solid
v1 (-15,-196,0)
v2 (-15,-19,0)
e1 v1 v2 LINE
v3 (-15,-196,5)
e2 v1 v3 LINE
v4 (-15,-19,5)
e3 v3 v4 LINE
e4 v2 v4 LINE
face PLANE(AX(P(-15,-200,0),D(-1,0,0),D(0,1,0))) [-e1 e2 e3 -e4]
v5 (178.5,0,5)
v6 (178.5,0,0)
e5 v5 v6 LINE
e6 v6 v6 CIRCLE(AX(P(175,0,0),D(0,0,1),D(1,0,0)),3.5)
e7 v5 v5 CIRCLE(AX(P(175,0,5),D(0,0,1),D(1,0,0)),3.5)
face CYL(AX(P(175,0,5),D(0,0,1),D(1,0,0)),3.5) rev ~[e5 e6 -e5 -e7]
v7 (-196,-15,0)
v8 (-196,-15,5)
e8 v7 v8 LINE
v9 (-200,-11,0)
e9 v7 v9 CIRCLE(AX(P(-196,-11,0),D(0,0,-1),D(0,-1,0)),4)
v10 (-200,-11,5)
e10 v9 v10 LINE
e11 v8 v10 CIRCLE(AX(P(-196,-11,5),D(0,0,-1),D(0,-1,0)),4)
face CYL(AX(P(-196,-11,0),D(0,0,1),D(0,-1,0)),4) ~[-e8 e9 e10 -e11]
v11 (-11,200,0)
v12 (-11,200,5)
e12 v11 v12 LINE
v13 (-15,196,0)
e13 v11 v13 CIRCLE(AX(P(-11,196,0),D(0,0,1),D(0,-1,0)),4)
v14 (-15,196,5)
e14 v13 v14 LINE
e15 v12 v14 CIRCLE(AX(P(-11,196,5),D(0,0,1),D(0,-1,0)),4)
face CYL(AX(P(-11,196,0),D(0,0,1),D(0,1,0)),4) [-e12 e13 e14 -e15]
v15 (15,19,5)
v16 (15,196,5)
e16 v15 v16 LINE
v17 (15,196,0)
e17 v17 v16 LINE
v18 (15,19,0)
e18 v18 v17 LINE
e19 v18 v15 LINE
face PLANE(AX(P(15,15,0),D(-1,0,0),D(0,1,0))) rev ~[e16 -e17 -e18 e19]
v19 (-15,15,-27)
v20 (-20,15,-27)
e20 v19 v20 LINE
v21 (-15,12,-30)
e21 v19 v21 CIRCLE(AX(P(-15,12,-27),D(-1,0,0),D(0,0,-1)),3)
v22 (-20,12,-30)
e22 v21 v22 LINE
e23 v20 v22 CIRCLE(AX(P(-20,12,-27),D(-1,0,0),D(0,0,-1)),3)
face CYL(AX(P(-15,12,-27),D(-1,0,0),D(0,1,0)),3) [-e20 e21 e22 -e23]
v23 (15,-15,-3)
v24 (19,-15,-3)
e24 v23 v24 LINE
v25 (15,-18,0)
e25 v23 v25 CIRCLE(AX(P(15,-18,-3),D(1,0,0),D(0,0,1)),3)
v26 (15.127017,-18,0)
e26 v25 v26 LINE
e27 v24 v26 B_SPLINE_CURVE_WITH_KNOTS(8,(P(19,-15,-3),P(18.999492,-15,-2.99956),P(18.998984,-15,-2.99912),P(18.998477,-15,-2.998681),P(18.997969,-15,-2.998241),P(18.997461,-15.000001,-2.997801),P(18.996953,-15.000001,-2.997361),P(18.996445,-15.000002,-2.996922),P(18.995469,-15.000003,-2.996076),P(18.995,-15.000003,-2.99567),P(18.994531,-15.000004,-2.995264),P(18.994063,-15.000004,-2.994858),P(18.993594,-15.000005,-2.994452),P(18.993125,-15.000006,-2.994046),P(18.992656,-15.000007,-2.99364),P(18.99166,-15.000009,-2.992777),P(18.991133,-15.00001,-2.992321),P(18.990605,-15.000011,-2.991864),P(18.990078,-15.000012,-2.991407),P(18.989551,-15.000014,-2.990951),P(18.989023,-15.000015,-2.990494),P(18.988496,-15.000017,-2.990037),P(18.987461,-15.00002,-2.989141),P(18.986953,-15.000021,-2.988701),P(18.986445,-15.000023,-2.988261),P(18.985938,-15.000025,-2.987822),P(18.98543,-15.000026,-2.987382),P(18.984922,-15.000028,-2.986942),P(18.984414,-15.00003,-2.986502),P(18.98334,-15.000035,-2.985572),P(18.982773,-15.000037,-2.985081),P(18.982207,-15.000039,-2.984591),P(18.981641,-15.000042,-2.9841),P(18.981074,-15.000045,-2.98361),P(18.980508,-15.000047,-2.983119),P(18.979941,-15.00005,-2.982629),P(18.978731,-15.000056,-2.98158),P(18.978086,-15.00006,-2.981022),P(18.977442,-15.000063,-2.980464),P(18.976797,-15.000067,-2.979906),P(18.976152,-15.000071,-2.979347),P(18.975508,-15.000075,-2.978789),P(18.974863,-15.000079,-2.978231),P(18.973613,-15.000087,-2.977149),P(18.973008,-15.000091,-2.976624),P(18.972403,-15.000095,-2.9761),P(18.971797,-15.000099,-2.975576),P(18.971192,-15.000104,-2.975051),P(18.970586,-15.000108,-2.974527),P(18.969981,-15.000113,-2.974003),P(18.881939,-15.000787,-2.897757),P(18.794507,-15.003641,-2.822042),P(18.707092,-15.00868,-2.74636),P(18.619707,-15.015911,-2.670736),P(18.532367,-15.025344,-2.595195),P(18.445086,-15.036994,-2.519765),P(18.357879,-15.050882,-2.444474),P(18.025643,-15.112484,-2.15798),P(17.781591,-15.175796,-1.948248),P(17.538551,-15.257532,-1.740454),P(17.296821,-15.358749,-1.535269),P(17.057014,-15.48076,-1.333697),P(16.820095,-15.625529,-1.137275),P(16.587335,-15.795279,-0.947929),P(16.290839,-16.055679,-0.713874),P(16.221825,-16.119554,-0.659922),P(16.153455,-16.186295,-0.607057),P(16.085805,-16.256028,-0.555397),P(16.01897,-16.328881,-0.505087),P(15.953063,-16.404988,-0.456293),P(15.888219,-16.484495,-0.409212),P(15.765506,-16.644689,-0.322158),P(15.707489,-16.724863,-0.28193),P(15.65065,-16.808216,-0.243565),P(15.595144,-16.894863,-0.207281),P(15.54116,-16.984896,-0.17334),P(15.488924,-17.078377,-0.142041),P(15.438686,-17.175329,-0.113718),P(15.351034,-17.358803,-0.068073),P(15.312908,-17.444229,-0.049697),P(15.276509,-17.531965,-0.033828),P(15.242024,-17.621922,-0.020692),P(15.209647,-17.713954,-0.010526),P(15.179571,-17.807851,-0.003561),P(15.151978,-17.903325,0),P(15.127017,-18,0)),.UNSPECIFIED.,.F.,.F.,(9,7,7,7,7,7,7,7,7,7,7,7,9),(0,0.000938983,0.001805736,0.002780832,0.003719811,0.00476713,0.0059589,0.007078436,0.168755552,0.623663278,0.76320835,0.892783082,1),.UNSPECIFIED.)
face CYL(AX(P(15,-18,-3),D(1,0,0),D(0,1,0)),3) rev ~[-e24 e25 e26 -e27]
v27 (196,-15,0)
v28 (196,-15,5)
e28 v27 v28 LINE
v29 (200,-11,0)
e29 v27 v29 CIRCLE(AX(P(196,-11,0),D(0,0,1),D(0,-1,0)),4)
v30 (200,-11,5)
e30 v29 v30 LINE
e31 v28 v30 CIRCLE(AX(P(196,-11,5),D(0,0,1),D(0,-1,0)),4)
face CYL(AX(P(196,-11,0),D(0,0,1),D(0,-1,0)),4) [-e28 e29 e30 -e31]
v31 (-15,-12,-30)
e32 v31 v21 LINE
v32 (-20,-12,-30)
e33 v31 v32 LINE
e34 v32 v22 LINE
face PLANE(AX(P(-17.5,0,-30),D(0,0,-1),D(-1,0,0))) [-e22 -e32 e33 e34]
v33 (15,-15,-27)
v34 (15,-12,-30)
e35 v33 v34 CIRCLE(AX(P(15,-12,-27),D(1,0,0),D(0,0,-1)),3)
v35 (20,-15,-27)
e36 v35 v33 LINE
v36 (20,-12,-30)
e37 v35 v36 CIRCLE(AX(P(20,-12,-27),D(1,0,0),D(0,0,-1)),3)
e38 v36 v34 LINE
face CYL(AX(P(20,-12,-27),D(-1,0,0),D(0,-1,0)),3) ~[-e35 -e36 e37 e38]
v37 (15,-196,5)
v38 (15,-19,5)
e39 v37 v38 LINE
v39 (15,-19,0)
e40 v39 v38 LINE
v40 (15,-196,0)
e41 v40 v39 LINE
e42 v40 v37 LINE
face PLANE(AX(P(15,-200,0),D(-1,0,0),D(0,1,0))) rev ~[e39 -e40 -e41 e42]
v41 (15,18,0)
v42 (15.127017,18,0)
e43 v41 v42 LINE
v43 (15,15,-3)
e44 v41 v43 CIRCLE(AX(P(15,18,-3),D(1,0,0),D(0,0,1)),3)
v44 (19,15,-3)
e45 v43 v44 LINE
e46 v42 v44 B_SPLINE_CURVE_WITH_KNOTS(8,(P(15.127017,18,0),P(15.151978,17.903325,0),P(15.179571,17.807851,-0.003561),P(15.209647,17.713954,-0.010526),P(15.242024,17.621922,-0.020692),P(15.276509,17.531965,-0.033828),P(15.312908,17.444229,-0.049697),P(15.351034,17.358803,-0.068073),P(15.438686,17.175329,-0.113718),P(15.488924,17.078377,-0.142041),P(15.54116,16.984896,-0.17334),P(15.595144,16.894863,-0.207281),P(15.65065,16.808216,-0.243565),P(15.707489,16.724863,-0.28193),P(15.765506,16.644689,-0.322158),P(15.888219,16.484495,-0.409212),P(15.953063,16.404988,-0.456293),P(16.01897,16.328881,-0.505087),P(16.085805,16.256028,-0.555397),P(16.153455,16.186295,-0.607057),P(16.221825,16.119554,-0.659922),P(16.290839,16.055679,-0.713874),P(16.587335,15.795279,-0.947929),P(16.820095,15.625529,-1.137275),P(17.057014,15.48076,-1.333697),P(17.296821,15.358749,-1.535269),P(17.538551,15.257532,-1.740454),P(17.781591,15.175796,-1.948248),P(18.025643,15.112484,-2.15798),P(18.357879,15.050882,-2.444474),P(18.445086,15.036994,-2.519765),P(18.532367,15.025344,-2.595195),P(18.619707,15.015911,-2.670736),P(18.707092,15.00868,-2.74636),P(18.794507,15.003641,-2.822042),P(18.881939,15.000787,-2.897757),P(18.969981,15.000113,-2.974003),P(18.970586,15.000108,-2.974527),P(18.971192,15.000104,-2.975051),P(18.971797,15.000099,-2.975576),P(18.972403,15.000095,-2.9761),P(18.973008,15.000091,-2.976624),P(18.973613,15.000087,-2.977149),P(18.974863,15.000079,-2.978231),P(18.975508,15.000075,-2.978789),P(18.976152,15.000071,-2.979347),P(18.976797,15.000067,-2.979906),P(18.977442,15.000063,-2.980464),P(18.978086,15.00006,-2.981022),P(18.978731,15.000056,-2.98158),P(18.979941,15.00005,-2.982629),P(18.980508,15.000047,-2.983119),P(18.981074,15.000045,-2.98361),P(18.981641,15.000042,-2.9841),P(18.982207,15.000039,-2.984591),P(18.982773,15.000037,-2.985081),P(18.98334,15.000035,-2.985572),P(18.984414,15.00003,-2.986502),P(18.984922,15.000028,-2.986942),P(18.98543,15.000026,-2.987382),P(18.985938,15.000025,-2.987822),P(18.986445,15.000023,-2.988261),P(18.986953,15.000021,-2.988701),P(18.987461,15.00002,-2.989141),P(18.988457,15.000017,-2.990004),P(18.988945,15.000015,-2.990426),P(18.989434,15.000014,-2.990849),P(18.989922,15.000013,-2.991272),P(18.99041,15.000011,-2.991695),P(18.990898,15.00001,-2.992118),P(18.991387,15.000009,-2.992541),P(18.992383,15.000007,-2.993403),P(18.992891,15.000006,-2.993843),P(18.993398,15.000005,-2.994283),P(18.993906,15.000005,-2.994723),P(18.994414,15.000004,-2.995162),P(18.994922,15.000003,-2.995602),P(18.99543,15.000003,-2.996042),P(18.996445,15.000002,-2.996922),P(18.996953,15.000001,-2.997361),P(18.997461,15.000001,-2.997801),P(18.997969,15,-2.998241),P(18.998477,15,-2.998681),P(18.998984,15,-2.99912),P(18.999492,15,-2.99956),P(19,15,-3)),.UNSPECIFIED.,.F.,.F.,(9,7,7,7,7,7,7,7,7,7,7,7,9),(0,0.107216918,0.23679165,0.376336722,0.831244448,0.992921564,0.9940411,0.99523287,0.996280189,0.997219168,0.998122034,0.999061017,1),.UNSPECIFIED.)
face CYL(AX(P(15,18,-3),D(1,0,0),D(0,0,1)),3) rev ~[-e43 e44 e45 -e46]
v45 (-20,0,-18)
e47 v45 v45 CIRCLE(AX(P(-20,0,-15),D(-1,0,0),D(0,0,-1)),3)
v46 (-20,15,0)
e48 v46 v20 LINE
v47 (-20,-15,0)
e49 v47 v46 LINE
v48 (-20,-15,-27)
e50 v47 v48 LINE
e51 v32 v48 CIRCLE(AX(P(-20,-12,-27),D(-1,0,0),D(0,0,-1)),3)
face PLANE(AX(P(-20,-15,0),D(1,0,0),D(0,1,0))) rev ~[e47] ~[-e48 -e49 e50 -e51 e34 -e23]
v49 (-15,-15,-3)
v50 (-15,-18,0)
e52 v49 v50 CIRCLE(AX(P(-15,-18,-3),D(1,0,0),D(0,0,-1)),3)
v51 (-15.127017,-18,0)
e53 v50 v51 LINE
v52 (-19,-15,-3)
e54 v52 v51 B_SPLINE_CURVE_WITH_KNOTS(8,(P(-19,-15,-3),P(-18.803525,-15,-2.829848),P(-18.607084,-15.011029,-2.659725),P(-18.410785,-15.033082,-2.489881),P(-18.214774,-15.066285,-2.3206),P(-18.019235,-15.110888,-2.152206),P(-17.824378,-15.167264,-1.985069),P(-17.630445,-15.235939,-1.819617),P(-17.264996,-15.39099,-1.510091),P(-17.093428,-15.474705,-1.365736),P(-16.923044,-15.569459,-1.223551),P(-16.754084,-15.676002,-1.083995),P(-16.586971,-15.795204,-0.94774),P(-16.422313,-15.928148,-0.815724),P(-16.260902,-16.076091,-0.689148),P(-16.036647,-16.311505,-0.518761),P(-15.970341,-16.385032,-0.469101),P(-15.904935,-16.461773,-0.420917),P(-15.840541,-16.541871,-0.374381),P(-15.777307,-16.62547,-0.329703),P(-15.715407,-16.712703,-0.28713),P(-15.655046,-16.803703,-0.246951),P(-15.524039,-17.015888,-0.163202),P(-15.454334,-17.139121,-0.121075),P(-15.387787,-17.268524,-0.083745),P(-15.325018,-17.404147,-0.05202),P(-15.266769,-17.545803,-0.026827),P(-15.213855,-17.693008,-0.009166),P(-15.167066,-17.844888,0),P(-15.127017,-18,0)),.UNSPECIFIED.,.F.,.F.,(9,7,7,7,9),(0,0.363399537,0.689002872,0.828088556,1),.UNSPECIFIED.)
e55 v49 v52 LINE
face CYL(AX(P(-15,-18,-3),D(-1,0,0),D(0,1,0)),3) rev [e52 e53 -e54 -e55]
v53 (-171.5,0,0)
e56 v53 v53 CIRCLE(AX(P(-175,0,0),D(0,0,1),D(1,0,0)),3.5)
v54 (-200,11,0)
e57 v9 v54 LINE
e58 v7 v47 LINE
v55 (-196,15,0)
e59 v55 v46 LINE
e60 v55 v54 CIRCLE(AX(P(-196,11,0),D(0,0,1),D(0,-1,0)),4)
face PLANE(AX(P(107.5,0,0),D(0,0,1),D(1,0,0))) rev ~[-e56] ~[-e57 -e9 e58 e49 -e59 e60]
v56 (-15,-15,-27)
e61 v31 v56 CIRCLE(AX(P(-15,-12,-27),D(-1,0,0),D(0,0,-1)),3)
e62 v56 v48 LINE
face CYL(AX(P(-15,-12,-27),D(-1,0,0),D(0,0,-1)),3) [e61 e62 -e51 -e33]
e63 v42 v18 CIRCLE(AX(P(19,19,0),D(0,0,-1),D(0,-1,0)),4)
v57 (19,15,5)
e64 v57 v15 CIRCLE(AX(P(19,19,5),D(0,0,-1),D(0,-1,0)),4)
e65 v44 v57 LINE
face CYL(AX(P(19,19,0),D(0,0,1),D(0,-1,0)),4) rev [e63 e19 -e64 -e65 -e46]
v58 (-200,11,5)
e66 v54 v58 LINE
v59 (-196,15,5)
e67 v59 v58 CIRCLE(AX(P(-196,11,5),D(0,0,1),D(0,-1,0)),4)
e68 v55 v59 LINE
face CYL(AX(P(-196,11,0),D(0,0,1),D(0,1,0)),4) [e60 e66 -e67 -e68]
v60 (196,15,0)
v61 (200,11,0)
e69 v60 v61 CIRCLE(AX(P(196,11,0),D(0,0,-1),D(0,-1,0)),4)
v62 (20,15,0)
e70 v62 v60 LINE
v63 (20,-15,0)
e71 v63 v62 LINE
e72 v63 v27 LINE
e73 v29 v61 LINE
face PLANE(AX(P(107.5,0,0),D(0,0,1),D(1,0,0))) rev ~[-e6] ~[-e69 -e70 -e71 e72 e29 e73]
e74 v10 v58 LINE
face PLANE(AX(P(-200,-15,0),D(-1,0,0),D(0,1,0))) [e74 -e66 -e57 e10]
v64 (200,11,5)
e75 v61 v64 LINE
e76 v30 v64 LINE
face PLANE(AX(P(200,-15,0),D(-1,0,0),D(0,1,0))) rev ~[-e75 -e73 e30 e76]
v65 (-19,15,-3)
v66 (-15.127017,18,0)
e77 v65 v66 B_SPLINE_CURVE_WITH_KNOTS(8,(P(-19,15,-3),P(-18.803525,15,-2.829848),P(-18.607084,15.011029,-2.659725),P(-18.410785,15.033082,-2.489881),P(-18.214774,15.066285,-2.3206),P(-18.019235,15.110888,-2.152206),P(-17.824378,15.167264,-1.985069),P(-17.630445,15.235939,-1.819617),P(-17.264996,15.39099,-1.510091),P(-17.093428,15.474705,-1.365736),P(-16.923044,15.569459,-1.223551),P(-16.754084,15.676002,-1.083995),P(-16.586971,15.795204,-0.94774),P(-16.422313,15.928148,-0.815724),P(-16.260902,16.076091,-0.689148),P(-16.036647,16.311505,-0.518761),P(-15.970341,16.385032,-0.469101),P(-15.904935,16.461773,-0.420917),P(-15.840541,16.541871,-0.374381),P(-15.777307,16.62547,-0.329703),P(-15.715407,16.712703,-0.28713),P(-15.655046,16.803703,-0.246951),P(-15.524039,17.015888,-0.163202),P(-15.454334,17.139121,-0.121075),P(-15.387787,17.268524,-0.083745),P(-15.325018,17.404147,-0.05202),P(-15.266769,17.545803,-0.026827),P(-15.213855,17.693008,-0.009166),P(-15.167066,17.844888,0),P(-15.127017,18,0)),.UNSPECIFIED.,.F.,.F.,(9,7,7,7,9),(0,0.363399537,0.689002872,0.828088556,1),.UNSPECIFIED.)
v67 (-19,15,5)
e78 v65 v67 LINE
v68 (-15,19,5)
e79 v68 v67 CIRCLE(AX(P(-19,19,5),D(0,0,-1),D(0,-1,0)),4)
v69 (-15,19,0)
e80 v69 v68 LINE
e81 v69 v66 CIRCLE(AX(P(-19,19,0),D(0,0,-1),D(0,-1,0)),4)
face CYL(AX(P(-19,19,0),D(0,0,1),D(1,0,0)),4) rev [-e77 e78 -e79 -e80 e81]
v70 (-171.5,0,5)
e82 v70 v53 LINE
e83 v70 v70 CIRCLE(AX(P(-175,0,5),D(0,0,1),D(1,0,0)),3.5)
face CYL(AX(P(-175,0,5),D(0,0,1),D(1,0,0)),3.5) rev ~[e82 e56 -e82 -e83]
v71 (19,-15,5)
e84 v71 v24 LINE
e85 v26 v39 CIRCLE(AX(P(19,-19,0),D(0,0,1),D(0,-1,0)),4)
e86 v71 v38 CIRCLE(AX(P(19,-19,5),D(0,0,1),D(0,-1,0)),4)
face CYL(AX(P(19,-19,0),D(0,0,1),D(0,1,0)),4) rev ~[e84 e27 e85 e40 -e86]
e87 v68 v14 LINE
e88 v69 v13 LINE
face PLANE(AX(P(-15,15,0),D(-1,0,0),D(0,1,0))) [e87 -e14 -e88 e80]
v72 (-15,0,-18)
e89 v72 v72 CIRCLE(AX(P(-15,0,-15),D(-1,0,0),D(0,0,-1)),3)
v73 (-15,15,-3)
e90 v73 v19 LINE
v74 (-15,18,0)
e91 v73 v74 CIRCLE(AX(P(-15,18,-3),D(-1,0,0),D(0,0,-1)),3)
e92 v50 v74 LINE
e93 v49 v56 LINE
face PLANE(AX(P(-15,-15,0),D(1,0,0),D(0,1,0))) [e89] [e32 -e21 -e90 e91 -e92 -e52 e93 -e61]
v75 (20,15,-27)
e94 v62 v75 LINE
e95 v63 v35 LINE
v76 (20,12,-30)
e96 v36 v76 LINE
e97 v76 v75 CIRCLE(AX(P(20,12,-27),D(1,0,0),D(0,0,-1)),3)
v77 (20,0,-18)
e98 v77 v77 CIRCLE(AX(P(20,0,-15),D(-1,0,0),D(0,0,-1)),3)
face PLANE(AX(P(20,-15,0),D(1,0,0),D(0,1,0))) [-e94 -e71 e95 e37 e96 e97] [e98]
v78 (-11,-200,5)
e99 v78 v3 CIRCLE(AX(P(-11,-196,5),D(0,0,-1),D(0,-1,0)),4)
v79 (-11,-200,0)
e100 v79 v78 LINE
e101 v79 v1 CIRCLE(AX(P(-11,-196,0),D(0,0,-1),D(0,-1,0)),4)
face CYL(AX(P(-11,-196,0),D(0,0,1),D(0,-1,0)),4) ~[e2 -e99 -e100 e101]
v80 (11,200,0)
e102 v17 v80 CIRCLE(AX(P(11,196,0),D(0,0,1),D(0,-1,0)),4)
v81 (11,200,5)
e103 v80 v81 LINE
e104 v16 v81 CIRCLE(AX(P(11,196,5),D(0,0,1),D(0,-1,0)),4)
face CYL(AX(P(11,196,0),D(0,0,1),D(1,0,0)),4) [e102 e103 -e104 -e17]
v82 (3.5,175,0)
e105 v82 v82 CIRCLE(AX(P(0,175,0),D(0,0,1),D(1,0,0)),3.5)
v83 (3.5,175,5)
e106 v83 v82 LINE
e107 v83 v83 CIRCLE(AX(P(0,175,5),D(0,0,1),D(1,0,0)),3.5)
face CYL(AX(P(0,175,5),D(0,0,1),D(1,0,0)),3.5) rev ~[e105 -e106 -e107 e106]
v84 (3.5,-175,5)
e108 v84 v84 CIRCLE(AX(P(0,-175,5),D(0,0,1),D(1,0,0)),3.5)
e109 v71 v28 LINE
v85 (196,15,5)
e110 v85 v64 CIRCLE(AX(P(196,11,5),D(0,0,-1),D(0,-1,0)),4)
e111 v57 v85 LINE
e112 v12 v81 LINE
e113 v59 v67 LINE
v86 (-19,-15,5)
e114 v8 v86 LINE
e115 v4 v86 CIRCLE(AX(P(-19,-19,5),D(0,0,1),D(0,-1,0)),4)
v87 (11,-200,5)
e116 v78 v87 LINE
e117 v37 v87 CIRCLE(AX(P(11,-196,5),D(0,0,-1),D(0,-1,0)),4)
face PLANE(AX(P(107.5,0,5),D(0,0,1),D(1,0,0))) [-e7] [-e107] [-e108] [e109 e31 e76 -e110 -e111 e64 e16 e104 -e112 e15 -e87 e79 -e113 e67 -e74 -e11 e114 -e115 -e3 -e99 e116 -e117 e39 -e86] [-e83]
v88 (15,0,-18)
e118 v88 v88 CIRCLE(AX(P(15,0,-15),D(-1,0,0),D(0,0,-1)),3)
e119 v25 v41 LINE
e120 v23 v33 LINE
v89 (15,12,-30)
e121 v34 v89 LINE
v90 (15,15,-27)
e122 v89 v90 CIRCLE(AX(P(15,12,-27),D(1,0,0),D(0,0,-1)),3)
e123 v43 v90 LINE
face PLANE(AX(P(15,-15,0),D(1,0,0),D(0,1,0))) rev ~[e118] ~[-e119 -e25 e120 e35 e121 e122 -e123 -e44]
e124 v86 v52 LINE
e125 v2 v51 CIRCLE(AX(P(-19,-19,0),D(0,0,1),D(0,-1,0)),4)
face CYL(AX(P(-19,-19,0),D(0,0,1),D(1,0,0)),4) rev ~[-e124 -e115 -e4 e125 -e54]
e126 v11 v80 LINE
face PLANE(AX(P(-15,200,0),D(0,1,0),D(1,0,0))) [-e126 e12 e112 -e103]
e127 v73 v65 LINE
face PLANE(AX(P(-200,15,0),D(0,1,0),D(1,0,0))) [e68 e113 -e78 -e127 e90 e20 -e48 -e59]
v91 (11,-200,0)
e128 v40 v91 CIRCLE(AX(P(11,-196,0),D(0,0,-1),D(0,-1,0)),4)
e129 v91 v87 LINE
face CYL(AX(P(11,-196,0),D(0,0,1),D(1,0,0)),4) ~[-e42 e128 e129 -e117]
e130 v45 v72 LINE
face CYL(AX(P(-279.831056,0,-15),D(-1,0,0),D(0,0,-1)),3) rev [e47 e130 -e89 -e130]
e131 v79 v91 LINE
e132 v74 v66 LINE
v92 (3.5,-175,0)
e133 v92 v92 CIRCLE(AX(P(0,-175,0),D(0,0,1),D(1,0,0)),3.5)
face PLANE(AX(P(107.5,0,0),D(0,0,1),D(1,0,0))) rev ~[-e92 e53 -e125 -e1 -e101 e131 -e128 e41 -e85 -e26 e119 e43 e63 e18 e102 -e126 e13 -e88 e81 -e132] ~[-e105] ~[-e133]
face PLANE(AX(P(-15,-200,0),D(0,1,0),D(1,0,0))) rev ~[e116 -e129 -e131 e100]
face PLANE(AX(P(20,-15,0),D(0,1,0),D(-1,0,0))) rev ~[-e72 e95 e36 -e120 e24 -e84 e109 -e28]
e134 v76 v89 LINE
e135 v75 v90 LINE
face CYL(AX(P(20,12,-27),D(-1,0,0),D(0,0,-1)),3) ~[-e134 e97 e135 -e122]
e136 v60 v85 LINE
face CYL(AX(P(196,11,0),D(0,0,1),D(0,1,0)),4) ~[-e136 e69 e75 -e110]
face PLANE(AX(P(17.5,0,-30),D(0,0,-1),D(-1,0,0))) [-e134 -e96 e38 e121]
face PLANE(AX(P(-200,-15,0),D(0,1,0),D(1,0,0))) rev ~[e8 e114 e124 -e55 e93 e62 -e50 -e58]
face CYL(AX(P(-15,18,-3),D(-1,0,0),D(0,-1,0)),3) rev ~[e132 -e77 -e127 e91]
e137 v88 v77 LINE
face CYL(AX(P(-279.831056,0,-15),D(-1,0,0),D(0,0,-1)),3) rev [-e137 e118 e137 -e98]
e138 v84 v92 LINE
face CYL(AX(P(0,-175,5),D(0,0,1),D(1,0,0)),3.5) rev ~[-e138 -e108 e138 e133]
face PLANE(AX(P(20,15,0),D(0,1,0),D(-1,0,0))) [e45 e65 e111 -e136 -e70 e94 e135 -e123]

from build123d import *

# Parameters (mm, degrees)
SKETCH1_W               = 185
SKETCH1_H               = 30
SKETCH1_W_2             = 30
SKETCH1_H_2             = 185
BOSS_EXTRUDE1_DEPTH     = 5
SKETCH2_W               = 5
SKETCH2_H               = 30
BOSS_EXTRUDE2_DEPTH     = 30
CUT_EXTRUDE1_DEPTH      = 299.83105595
CUT_EXTRUDE1_DEPTH_BACK = 299.83105595
SKETCH3_R               = 3
SKETCH4_R               = 3.5
CUT_EXTRUDE2_DEPTH      = 5
FILLET1_R               = 4
FILLET2_R               = 3
FILLET3_R               = 3


with BuildPart() as part:
    # Sketch1 → Boss-Extrude1 (new body)
    with BuildSketch(Plane.XY):
        with Locations((107.5, 0)):
            Rectangle(SKETCH1_W, SKETCH1_H)
        with Locations((0, 107.5)):
            Rectangle(SKETCH1_W_2, SKETCH1_H_2)
        with Locations((-107.5, 0)):
            Rectangle(SKETCH1_W, SKETCH1_H)
        Rectangle(SKETCH1_W_2, SKETCH1_H)
        with Locations((0, -107.5)):
            Rectangle(SKETCH1_W_2, SKETCH1_H_2)
    extrude(amount=BOSS_EXTRUDE1_DEPTH)

    # Sketch2 → Boss-Extrude2 (add)
    with BuildSketch(Plane(origin=(0, 0, 0), x_dir=(-1, 0, 0), z_dir=(0, 0, -1))):
        with Locations((-17.5, 0)):
            Rectangle(SKETCH2_W, SKETCH2_H)
        with Locations((17.5, 0)):
            Rectangle(SKETCH2_W, SKETCH2_H)
    extrude(amount=BOSS_EXTRUDE2_DEPTH)

    # Sketch3 → Cut-Extrude1 (cut, two sides: drawn at the far end of the back side and taken through both)
    with BuildSketch(Plane(origin=(20, 0, 0), x_dir=(0, 0, -1), z_dir=(1, 0, 0)).offset(-CUT_EXTRUDE1_DEPTH_BACK)):
        with Locations((15, 0)):
            Circle(SKETCH3_R)
    extrude(amount=CUT_EXTRUDE1_DEPTH + CUT_EXTRUDE1_DEPTH_BACK, mode=Mode.SUBTRACT)

    # Sketch4 → Cut-Extrude2 (cut)
    with BuildSketch(Plane.XY.offset(5)):
        with Locations((0, 175)):
            Circle(SKETCH4_R)
        with Locations((175, 0)):
            Circle(SKETCH4_R)
        with Locations((0, -175)):
            Circle(SKETCH4_R)
        with Locations((-175, 0)):
            Circle(SKETCH4_R)
    extrude(amount=-CUT_EXTRUDE2_DEPTH, mode=Mode.SUBTRACT)

    # Fillet1
    fillet1_edges = [part.edges().sort_by_distance(p)[0] for p in [
        (200, -15, 2.5),
        (15, -15, 2.5),
        (15, -200, 2.5),
        (-15, -200, 2.5),
        (-15, -15, 2.5),
        (-200, -15, 2.5),
        (-200, 15, 2.5),
        (-15, 15, 2.5),
        (-15, 200, 2.5),
        (15, 200, 2.5),
        (15, 15, 2.5),
        (200, 15, 2.5),
    ]]
    fillet(fillet1_edges, radius=FILLET1_R)

    # Fillet2
    fillet2_edges = [part.edges().sort_by_distance(p)[0] for p in [
        (17, -15, 0),
        (17, 15, 0),
        (17.5, 15, -30),
        (17.5, -15, -30),
    ]]
    fillet(fillet2_edges, radius=FILLET2_R)

    # Fillet3
    fillet3_edges = [part.edges().sort_by_distance(p)[0] for p in [
        (-17, -15, 0),
        (-17, 15, 0),
        (-17.5, -15, -30),
        (-17.5, 15, -30),
    ]]
    fillet(fillet3_edges, radius=FILLET3_R)


solid = part.part
